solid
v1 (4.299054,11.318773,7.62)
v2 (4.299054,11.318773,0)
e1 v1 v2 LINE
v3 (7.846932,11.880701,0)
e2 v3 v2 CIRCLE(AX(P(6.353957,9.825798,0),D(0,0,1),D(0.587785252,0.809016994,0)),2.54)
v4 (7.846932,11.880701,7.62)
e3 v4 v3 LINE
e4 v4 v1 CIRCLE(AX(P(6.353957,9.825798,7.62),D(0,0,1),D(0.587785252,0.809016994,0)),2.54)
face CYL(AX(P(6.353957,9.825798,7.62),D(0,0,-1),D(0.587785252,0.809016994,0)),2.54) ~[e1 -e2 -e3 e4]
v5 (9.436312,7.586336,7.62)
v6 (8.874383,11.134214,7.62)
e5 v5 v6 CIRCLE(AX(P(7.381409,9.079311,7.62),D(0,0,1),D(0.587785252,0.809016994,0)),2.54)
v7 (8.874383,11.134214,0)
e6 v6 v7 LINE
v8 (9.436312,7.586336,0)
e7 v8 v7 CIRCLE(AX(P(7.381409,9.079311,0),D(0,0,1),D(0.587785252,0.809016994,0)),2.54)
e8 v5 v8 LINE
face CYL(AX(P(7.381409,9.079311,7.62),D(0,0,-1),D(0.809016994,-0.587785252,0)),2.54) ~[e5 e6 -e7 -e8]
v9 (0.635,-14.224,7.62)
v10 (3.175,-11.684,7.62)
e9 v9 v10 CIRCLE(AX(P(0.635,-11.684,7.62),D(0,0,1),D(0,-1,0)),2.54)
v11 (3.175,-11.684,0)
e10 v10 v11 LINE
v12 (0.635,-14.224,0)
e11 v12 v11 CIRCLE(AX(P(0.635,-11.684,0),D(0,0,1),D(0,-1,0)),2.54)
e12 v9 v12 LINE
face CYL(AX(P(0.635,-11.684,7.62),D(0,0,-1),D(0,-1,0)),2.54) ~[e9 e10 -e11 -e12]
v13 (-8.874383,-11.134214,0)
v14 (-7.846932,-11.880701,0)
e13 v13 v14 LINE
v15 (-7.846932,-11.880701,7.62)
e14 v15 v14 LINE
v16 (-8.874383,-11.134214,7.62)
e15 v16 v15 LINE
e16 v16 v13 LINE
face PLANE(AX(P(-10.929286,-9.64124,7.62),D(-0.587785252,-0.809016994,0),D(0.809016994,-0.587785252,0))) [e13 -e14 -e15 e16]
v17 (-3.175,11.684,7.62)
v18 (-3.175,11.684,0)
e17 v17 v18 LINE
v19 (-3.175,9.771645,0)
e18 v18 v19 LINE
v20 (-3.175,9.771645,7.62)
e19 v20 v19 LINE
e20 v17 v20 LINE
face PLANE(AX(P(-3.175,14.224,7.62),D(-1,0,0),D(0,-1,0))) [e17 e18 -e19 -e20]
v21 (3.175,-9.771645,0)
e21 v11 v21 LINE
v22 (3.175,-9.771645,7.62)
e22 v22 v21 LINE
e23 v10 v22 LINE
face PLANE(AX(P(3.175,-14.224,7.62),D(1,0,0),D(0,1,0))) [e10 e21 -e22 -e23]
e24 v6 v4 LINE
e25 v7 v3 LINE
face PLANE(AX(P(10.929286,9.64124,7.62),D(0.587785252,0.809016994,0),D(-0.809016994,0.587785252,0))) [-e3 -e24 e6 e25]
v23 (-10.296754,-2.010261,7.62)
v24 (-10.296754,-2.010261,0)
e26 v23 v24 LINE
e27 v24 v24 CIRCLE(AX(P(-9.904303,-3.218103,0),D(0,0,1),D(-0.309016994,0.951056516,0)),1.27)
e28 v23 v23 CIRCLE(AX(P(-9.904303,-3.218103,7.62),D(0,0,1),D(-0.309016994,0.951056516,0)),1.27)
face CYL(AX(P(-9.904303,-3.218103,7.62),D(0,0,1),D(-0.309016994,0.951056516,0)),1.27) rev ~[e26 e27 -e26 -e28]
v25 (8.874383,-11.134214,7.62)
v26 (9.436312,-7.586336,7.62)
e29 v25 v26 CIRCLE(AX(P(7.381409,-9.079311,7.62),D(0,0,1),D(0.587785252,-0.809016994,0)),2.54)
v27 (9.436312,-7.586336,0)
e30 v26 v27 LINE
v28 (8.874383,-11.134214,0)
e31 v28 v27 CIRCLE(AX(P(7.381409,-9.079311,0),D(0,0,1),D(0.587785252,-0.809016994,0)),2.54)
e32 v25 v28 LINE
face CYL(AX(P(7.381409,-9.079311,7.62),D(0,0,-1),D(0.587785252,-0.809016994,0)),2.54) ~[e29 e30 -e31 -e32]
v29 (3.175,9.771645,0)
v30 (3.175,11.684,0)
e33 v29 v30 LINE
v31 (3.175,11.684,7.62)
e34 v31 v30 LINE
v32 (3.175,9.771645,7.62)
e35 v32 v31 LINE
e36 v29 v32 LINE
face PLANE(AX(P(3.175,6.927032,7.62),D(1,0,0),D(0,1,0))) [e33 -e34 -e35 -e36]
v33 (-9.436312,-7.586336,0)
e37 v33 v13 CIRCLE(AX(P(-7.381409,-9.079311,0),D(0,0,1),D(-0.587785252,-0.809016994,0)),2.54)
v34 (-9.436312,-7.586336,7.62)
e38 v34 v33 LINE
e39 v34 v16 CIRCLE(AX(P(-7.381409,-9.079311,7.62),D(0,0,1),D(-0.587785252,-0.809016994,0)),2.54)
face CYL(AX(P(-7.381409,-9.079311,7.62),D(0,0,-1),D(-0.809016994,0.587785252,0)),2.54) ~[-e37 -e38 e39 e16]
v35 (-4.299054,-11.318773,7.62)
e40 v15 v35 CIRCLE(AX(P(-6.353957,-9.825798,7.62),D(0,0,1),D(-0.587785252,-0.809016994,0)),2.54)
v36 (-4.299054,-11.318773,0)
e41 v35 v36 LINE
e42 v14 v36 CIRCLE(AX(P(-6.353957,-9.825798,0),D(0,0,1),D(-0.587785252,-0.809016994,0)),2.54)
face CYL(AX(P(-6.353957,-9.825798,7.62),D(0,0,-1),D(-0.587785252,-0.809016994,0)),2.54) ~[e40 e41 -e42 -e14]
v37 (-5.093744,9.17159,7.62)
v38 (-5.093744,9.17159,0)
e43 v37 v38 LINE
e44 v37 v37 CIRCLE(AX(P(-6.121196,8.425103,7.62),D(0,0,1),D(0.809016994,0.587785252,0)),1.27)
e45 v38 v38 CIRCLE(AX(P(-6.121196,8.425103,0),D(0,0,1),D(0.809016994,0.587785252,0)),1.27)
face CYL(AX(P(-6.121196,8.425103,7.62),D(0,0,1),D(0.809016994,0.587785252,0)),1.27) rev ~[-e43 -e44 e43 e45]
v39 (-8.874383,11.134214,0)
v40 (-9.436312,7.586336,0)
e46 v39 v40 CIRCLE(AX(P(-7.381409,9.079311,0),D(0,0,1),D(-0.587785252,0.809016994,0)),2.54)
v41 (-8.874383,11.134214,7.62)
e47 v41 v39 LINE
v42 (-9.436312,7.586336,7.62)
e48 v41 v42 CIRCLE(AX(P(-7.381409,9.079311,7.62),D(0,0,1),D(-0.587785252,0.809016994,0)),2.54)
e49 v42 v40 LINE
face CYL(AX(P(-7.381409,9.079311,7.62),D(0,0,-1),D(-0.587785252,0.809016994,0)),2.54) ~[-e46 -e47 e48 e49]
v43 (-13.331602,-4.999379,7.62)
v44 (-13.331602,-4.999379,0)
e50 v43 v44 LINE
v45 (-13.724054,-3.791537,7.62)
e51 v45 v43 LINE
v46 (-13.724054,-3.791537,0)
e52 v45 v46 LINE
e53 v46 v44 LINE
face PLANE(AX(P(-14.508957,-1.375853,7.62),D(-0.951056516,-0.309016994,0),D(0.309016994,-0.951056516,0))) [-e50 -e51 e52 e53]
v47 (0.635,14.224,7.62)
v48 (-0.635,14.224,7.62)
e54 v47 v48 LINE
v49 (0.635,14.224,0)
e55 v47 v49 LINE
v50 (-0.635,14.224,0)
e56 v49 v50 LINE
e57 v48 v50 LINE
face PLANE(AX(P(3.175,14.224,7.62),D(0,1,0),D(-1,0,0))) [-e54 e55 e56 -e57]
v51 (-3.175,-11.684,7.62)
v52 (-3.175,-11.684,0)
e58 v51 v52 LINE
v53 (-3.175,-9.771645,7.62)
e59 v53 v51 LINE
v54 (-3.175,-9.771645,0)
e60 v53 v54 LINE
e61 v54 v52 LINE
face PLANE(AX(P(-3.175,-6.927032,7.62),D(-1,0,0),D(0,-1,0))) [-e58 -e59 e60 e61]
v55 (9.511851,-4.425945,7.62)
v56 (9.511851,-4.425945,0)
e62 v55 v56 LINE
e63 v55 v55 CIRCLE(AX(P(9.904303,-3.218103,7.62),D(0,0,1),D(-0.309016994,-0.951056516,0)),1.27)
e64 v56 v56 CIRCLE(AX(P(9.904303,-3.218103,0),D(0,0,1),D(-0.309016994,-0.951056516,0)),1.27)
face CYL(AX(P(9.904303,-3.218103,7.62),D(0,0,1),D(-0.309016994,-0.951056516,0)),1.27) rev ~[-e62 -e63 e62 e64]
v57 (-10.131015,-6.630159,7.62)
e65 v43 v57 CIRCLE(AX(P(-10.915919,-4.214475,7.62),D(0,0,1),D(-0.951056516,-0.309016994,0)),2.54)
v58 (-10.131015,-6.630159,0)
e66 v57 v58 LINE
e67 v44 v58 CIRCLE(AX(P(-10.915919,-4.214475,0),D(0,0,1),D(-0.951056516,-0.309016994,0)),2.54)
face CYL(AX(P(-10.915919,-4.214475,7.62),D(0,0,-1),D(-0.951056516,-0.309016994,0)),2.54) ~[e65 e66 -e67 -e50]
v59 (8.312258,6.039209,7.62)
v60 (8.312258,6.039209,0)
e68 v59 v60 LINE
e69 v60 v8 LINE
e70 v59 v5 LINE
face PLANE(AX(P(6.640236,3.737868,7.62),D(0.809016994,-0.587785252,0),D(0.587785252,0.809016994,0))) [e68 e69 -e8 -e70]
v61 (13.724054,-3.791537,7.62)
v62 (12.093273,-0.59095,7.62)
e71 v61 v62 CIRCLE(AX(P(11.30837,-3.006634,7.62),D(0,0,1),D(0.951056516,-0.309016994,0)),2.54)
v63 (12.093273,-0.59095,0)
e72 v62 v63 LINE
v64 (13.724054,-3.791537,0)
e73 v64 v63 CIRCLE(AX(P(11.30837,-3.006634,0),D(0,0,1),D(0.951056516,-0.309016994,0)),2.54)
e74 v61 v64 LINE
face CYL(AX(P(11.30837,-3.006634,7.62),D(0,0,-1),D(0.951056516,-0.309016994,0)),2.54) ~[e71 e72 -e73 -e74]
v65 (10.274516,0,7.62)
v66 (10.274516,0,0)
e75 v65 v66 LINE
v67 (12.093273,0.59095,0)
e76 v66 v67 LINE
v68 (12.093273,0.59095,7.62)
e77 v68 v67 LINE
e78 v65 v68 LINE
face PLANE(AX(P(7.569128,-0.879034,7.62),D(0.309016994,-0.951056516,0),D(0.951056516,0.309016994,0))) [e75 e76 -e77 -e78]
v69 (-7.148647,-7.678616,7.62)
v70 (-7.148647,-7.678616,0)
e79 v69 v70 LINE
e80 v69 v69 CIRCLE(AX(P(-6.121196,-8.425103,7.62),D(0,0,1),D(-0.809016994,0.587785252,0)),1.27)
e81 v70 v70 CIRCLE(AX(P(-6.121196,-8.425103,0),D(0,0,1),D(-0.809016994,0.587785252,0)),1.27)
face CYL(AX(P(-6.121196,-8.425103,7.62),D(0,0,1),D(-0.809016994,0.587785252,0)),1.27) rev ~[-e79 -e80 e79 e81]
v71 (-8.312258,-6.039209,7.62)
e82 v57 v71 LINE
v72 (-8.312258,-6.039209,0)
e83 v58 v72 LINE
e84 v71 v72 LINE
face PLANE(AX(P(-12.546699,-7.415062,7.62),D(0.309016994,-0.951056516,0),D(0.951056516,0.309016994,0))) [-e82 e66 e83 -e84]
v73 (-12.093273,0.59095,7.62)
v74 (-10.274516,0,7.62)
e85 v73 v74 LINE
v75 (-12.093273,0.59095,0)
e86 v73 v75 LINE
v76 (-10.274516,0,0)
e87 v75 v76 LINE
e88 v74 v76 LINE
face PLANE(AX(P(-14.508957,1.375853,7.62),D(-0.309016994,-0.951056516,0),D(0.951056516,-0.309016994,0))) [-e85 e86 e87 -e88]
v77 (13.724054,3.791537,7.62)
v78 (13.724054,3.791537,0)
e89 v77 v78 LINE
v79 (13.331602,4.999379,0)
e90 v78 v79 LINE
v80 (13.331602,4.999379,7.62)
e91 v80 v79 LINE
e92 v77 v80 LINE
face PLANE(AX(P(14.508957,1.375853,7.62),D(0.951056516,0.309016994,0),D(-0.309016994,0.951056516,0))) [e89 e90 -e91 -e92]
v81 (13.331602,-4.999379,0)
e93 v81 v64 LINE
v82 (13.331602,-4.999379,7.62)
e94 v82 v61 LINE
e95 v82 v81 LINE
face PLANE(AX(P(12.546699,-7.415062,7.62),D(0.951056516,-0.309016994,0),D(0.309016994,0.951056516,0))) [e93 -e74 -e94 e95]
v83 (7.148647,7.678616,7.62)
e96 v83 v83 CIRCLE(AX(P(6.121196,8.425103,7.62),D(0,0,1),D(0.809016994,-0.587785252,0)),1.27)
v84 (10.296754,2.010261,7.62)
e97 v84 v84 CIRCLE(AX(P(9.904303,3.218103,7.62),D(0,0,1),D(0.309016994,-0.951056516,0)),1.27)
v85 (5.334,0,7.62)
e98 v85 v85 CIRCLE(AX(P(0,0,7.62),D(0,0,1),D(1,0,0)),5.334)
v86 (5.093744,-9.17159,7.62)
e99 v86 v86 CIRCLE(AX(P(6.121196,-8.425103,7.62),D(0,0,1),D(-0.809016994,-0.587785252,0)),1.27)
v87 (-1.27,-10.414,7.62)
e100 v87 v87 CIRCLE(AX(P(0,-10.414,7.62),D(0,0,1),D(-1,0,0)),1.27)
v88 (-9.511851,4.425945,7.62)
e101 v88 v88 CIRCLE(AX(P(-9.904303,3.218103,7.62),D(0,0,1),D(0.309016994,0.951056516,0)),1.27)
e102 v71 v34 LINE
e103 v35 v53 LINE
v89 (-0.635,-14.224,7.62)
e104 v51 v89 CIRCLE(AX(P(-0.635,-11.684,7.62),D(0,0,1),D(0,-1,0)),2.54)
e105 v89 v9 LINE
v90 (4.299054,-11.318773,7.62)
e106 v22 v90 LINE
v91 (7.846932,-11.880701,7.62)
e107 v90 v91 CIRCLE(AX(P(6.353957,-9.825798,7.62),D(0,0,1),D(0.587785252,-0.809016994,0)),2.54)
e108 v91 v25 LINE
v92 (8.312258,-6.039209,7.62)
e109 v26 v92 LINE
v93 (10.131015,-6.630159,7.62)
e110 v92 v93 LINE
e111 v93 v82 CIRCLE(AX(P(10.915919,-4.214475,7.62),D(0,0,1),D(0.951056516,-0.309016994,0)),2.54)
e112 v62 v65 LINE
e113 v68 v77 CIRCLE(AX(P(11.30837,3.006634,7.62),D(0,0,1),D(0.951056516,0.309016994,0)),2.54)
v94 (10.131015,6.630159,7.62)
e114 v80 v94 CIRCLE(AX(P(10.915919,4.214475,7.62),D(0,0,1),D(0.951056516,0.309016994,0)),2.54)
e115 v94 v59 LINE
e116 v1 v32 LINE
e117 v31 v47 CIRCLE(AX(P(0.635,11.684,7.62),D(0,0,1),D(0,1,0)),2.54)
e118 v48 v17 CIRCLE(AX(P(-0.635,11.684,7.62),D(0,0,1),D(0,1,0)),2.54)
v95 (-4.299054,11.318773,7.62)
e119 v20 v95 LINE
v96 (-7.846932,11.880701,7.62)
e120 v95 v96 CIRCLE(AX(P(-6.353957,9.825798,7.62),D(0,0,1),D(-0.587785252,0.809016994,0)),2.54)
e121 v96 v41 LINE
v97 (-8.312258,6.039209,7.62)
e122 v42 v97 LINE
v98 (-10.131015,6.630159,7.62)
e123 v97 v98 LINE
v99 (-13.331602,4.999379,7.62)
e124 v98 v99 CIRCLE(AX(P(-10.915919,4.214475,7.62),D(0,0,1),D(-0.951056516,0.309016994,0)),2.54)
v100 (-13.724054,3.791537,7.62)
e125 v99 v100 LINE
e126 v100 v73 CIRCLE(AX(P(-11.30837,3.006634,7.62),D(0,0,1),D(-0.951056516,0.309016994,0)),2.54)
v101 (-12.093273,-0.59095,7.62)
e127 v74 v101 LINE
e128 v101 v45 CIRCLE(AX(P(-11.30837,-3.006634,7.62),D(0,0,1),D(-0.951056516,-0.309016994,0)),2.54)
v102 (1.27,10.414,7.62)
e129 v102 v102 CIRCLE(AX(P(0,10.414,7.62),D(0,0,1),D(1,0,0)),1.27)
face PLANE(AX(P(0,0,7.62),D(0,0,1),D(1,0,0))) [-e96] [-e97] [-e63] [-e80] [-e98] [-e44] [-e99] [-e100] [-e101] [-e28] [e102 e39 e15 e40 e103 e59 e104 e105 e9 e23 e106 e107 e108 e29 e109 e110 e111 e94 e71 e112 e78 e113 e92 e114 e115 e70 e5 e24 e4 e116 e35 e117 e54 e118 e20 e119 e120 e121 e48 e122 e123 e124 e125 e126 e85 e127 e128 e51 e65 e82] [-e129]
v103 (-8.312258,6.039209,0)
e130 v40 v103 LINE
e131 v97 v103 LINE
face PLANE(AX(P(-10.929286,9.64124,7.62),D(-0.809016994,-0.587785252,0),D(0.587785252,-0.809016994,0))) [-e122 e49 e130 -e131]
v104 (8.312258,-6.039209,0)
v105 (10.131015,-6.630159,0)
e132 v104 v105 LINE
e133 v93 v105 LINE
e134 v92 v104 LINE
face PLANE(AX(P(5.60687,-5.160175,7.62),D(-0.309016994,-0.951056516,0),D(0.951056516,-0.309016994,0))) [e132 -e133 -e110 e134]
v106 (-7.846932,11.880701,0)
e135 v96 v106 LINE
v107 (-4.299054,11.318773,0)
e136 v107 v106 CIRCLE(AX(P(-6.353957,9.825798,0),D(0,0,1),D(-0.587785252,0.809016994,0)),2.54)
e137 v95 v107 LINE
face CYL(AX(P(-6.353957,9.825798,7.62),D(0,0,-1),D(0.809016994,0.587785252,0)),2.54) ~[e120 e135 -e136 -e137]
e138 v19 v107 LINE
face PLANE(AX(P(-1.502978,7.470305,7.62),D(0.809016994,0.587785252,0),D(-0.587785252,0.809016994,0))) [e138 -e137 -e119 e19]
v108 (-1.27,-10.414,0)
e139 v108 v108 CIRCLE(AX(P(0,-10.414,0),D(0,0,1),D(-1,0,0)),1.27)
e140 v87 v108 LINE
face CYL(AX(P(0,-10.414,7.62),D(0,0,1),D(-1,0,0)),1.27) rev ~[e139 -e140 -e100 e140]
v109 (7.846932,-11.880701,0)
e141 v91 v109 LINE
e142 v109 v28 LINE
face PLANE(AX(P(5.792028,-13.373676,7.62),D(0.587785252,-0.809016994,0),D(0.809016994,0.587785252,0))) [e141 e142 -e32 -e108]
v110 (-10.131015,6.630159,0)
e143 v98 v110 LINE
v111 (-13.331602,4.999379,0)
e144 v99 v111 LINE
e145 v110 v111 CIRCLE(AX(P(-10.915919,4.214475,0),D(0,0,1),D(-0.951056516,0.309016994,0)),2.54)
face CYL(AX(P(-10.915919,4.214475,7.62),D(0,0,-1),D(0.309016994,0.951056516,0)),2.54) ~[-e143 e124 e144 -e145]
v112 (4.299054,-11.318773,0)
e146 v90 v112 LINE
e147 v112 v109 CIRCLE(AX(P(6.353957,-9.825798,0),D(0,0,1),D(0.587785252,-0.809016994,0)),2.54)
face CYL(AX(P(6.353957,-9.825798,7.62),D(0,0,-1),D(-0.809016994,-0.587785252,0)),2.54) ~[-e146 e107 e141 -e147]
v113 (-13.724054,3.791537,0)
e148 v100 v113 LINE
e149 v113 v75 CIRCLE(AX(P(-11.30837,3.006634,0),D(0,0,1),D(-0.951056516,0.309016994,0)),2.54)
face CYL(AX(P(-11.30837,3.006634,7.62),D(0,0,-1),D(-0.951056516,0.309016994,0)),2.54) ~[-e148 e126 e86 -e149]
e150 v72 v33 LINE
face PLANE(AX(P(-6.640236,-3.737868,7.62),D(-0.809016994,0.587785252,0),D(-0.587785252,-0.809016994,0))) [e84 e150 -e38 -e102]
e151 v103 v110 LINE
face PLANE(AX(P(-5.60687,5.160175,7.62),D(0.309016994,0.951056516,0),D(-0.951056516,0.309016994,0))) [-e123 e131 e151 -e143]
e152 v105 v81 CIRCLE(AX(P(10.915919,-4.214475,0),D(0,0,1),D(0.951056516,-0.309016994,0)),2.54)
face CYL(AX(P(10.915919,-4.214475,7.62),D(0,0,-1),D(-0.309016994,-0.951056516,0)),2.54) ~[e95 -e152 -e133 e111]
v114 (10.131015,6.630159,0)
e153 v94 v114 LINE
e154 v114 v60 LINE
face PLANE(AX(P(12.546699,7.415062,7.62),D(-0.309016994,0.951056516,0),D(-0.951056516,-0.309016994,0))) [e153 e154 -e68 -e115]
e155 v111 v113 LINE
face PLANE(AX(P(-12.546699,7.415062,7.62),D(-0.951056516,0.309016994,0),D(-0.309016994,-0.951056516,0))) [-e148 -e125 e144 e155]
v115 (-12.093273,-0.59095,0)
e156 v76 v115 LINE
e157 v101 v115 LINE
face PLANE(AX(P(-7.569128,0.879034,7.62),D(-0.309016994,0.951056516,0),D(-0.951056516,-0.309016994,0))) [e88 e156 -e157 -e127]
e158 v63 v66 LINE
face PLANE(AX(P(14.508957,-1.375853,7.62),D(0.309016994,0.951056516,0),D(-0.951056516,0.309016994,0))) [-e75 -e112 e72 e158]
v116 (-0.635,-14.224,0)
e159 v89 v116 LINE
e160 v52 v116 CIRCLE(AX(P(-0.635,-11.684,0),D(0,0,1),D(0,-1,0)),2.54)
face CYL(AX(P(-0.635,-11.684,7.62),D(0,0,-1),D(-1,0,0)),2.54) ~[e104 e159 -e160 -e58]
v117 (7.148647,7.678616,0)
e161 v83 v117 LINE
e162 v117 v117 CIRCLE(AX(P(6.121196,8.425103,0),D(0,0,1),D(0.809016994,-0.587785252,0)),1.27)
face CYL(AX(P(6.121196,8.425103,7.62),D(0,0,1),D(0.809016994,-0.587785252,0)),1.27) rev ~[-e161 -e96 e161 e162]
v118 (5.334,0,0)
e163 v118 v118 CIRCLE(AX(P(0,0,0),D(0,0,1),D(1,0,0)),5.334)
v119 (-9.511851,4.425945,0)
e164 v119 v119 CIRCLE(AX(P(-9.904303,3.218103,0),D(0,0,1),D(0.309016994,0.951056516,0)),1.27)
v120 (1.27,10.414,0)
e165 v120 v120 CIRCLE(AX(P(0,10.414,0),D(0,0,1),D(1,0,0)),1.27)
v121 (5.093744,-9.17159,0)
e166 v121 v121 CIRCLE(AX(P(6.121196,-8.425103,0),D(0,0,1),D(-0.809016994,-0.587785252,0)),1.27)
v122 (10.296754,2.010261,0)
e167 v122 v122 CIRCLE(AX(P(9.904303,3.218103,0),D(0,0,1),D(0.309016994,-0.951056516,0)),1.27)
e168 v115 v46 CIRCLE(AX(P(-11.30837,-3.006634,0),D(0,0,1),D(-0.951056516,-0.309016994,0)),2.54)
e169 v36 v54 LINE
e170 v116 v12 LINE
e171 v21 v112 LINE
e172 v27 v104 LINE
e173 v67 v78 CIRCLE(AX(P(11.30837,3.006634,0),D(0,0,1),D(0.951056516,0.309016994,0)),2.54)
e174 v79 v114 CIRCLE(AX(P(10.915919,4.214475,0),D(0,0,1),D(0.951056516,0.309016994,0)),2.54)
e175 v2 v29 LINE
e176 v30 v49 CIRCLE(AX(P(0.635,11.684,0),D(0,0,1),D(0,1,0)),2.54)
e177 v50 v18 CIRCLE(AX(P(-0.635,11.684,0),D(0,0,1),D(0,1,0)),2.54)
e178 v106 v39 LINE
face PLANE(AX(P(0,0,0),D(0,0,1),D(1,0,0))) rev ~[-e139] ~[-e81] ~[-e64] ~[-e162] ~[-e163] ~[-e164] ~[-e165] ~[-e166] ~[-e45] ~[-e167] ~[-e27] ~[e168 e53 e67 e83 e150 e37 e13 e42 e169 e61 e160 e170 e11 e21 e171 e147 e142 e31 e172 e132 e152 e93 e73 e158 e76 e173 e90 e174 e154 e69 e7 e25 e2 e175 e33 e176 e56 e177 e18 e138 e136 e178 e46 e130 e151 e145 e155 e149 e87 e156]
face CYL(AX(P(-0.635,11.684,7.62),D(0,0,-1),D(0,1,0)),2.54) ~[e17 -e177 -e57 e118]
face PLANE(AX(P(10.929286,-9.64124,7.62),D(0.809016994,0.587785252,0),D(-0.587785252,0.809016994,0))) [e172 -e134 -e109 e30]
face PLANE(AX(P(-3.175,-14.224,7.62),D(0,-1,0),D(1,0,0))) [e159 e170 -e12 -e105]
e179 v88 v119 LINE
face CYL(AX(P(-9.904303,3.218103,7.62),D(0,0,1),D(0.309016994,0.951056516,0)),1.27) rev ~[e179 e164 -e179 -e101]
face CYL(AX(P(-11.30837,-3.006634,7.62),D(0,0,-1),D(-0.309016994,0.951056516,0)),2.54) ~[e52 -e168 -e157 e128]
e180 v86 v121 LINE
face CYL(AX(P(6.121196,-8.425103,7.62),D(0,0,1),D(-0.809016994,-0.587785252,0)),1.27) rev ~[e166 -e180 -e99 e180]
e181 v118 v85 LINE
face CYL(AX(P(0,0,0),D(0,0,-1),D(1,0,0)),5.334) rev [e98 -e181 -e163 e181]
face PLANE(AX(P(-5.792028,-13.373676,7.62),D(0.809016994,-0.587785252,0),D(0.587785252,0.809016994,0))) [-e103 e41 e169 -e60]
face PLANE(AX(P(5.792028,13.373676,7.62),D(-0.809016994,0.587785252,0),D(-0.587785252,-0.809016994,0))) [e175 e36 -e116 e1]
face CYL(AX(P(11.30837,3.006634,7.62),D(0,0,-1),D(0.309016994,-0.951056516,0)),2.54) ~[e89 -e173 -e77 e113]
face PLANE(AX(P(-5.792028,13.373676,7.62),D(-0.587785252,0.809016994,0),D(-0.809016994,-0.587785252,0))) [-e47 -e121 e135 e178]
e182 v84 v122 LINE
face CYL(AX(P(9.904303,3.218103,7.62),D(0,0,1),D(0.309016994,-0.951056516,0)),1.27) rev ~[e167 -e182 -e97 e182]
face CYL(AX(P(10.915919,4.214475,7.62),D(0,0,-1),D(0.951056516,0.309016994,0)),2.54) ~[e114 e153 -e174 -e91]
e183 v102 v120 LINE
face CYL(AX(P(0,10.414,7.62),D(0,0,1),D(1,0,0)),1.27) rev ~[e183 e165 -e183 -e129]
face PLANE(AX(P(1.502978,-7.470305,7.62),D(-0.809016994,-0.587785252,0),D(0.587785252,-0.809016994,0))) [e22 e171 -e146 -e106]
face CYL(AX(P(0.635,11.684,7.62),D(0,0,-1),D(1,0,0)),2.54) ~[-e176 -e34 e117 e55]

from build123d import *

# Parameters (mm, degrees)
F0_R     = 7.62
F0_R_2   = 5.334
F1_DEPTH = 7.62
F2_R     = 1.27
F3_DEPTH = 7.62
F4_R     = 2.54
F5_COUNT = 10


with BuildPart() as f1:
    # F0 (on Top) → F1 (new body)
    with BuildSketch(Plane.XY):
        Circle(F0_R)
        Circle(F0_R_2, mode=Mode.SUBTRACT)
    extrude(amount=F1_DEPTH)

    # F2 (on face) → F3 (join)
    with BuildSketch(Plane.XY.offset(7.62)):
        with BuildLine():
            ThreePointArc((-3.175, 6.927032), (0, 7.62), (3.175, 6.927032))
            Line((3.175, 6.927032), (3.175, 14.224))
            Line((3.175, 14.224), (-3.175, 14.224))
            Line((-3.175, 14.224), (-3.175, 6.927032))
        make_face()
        with Locations((0, 10.414)):
            Circle(F2_R, mode=Mode.SUBTRACT)
    extrude(amount=-F3_DEPTH)

    # F4
    f4_edges = [f1.edges().sort_by_distance(p)[0] for p in [
        (3.175, 14.224, 3.81),
        (-3.175, 14.224, 3.81),
    ]]
    fillet(f4_edges, radius=F4_R)

    # F5: F1 ×10 about axis
    f5_axis = Axis((0, 0, 0), (0, 0, 1))


with BuildPart() as f1_1:
    add(f1.part)
    for i in range(1, F5_COUNT):
        add(f1.part.rotate(f5_axis, i * 360 / F5_COUNT))


solid = f1_1.part
